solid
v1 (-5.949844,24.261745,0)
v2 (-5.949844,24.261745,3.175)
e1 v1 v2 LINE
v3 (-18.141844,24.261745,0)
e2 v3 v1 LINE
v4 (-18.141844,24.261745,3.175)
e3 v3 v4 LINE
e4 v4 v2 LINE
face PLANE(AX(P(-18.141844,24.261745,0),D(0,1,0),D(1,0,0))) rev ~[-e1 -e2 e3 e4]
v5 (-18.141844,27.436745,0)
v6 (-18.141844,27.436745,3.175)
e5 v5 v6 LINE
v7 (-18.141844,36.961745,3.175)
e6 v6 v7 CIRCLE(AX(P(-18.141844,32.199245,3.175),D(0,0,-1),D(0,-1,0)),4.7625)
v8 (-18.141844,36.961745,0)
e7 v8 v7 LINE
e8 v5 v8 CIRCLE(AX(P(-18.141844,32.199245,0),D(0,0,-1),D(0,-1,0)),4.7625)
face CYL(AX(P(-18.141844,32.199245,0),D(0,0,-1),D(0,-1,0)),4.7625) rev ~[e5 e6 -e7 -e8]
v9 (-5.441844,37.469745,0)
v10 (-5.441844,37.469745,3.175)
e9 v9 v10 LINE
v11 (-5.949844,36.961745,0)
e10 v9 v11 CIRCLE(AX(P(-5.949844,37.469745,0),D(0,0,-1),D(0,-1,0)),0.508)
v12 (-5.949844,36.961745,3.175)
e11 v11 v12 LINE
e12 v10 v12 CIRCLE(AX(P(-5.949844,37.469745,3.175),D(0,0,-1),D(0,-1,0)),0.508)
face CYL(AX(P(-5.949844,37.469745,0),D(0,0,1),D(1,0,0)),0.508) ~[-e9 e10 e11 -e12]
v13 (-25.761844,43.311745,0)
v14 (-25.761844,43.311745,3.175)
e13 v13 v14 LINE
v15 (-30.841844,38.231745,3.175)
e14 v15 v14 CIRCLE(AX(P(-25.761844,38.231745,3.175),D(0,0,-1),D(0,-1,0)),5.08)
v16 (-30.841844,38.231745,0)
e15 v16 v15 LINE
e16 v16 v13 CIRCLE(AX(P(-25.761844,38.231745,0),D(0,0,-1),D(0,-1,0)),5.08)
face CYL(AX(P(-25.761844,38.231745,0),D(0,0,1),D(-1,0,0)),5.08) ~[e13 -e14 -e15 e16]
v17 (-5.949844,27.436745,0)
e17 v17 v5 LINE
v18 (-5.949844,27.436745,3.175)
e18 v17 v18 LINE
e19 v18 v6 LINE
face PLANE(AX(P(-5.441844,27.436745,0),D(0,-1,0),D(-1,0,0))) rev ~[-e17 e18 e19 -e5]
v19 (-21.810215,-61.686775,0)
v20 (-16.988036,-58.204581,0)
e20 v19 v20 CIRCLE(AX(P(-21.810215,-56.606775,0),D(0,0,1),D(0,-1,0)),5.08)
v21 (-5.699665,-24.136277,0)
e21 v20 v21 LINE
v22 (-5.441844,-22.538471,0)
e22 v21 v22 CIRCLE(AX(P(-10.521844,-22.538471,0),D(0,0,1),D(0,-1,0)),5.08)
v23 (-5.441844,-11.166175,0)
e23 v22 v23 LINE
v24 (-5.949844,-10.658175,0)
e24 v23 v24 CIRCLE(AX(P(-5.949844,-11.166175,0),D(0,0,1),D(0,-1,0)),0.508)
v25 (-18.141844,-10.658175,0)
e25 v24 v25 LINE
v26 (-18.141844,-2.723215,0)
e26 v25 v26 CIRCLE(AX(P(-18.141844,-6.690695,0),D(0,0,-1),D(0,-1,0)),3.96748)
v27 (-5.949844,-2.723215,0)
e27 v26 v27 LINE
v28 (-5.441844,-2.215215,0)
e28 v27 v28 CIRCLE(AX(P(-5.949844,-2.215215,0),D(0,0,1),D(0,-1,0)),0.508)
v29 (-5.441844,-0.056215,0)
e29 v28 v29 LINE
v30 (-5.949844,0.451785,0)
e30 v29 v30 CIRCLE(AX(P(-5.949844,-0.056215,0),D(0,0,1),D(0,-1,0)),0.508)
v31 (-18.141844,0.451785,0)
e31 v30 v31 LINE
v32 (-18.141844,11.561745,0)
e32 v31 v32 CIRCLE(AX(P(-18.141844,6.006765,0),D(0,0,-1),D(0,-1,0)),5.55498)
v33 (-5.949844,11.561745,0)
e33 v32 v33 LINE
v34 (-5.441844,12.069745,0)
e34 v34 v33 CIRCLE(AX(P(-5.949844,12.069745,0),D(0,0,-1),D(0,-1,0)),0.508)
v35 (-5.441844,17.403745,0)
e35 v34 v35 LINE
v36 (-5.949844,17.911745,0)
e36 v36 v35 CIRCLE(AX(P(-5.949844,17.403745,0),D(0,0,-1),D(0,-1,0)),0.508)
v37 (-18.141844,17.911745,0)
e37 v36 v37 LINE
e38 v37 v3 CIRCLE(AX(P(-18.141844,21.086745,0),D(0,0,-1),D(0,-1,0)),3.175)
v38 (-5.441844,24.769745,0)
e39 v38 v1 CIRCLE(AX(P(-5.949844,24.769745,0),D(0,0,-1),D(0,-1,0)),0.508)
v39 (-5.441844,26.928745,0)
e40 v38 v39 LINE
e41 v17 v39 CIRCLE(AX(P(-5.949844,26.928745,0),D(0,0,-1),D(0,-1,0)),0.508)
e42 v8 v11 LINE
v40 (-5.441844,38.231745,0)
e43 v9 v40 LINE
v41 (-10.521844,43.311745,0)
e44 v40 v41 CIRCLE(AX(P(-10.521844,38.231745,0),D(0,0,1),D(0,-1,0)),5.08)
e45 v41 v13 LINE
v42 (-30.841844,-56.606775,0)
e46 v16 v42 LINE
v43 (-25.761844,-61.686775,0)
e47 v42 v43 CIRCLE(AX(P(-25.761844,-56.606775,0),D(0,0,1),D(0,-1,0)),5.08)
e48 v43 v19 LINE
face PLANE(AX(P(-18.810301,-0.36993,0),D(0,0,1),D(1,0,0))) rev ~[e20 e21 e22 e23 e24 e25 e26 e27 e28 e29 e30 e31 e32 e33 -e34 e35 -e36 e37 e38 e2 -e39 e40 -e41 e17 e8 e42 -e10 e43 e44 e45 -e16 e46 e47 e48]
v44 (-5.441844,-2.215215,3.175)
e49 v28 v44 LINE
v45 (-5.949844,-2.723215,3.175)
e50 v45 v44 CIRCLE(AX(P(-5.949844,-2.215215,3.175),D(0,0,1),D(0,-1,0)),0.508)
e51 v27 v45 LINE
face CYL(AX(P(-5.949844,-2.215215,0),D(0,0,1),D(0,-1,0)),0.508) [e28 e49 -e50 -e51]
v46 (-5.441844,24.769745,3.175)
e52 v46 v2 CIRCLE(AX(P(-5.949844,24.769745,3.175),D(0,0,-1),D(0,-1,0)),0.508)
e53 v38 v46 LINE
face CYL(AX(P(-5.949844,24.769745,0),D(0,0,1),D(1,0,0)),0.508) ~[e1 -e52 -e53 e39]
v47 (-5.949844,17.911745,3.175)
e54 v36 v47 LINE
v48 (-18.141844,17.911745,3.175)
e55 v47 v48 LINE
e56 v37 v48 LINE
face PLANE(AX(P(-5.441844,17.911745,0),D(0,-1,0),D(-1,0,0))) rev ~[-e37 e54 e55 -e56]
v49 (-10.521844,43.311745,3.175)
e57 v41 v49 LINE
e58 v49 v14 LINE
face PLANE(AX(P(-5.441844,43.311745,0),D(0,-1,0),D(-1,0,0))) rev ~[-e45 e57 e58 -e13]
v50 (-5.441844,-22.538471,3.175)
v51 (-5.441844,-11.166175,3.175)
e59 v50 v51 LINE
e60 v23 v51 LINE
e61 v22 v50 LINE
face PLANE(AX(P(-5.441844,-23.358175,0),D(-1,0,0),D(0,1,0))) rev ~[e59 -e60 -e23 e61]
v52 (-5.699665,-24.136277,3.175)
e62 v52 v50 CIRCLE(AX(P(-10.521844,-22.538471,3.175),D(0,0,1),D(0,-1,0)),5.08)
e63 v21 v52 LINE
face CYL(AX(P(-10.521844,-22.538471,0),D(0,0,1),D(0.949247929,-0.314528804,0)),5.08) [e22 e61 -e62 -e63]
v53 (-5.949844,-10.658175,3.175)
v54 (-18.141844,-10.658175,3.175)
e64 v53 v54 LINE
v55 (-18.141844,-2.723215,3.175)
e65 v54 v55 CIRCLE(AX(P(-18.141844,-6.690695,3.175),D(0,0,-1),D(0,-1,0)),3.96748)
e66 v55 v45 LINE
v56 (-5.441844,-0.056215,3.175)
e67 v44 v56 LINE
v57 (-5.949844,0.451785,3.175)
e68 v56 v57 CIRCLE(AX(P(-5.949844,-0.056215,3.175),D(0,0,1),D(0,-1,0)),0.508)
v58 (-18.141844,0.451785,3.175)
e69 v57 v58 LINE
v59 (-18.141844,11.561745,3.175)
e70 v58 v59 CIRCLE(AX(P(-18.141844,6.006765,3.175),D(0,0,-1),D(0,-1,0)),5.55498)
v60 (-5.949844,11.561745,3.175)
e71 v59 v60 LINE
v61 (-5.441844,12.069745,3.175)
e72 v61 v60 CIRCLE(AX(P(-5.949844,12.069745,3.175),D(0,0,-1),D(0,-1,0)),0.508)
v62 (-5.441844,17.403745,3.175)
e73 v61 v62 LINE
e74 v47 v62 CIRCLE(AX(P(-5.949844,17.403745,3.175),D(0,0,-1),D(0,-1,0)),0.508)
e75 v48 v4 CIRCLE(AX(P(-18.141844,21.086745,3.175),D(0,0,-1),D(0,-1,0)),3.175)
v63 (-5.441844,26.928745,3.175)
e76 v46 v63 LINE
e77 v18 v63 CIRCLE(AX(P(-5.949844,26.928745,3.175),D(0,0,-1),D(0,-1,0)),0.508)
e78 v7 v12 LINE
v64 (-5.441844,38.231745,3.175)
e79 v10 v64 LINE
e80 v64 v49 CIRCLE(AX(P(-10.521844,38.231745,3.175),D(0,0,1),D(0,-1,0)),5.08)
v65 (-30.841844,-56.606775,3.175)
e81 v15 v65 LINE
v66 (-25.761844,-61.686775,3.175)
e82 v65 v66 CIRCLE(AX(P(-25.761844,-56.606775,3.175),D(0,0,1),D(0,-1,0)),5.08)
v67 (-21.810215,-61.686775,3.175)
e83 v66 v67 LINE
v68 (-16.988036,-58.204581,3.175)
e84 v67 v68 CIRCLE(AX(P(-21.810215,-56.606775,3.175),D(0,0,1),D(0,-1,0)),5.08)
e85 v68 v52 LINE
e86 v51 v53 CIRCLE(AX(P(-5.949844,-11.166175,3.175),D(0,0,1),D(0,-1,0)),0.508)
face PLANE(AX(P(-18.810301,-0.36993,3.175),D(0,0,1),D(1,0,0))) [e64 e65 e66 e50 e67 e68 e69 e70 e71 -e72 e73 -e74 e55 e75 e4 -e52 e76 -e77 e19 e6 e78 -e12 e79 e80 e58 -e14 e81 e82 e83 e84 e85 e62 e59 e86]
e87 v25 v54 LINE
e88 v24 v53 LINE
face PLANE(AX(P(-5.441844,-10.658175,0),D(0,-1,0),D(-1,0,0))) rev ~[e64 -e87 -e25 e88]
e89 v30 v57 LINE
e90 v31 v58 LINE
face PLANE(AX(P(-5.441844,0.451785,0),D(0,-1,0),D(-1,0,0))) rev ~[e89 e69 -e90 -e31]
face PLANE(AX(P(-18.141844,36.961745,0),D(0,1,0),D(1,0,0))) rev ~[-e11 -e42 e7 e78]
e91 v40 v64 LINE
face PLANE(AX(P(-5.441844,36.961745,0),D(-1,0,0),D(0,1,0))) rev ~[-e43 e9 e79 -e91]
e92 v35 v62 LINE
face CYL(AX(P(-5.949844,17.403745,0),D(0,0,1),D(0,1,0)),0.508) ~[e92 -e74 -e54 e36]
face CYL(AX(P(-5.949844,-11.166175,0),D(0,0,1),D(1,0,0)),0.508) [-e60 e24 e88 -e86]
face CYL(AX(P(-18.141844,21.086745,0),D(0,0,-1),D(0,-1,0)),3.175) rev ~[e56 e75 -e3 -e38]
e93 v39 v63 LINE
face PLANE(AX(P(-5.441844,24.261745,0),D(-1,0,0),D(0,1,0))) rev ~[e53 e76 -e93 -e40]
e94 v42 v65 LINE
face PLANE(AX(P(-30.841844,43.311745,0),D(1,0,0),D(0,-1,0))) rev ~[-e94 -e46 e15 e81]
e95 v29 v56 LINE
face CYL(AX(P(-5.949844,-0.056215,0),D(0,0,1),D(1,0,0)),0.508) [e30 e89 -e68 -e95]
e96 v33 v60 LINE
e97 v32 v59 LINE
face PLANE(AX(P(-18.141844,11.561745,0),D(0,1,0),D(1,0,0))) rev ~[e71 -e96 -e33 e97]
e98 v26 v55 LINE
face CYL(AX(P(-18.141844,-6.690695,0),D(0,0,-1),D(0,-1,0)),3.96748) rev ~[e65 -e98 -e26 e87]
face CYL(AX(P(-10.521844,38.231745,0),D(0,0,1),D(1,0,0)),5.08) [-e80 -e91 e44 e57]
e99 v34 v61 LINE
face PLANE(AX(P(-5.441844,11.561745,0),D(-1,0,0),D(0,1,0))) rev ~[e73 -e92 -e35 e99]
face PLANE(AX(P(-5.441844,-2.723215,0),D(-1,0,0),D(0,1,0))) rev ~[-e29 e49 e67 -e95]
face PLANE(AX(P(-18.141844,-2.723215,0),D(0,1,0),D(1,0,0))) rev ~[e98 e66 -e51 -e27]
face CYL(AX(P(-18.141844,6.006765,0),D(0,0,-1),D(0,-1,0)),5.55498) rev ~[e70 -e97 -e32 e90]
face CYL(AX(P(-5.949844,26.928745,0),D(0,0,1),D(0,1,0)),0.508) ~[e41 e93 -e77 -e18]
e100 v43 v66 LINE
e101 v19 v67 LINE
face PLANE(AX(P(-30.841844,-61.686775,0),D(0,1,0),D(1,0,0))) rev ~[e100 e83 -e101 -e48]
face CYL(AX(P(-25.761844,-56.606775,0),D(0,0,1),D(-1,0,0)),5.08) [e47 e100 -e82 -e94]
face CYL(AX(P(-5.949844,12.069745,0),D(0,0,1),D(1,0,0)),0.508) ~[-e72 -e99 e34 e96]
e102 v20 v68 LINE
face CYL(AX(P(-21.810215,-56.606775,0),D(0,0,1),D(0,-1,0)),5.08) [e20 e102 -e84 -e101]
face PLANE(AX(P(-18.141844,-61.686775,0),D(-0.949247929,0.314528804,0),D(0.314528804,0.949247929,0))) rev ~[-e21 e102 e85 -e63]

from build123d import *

# Parameters (mm, degrees)
F1_DEPTH = 3.175
F2_R     = 5.08
F3_R     = 0.508


with BuildPart() as f1:
    # F0 (on Top) → F1 (new body)
    with BuildSketch(Plane.XY):
        with BuildLine():
            Line((-30.841844, 43.311745), (-30.841844, -61.686775))
            Line((-30.841844, -61.686775), (-18.141844, -61.686775))
            Line((-18.141844, -61.686775), (-5.441844, -23.358175))
            Line((-5.441844, -23.358175), (-5.441844, -10.658175))
            Line((-5.441844, -10.658175), (-18.141844, -10.658175))
            ThreePointArc((-18.141844, -10.658175), (-22.109324, -6.690695), (-18.141844, -2.723215))
            Line((-18.141844, -2.723215), (-5.441844, -2.723215))
            Line((-5.441844, -2.723215), (-5.441844, 0.451785))
            Line((-5.441844, 0.451785), (-18.141844, 0.451785))
            ThreePointArc((-18.141844, 0.451785), (-23.696824, 6.006765), (-18.141844, 11.561745))
            Line((-18.141844, 11.561745), (-5.441844, 11.561745))
            Line((-5.441844, 11.561745), (-5.441844, 17.911745))
            Line((-5.441844, 17.911745), (-18.141844, 17.911745))
            ThreePointArc((-18.141844, 17.911745), (-21.316844, 21.086745), (-18.141844, 24.261745))
            Line((-18.141844, 24.261745), (-5.441844, 24.261745))
            Line((-5.441844, 24.261745), (-5.441844, 27.436745))
            Line((-5.441844, 27.436745), (-18.141844, 27.436745))
            ThreePointArc((-18.141844, 27.436745), (-22.904344, 32.199245), (-18.141844, 36.961745))
            Line((-18.141844, 36.961745), (-5.441844, 36.961745))
            Line((-5.441844, 36.961745), (-5.441844, 43.311745))
            Line((-5.441844, 43.311745), (-30.841844, 43.311745))
        make_face()
    extrude(amount=F1_DEPTH)

    # F2
    f2_edges = [f1.edges().sort_by_distance(p)[0] for p in [
        (-18.141844, -61.686775, 1.5875),
        (-5.441844, -23.358175, 1.5875),
        (-30.841844, -61.686775, 1.5875),
        (-5.441844, 43.311745, 1.5875),
        (-30.841844, 43.311745, 1.5875),
    ]]
    fillet(f2_edges, radius=F2_R)

    # F3
    f3_edges = [f1.edges().sort_by_distance(p)[0] for p in [
        (-5.441844, -10.658175, 1.5875),
        (-5.441844, -2.723215, 1.5875),
        (-5.441844, 0.451785, 1.5875),
        (-5.441844, 11.561745, 1.5875),
        (-5.441844, 17.911745, 1.5875),
        (-5.441844, 24.261745, 1.5875),
        (-5.441844, 27.436745, 1.5875),
        (-5.441844, 36.961745, 1.5875),
    ]]
    fillet(f3_edges, radius=F3_R)


solid = f1.part
